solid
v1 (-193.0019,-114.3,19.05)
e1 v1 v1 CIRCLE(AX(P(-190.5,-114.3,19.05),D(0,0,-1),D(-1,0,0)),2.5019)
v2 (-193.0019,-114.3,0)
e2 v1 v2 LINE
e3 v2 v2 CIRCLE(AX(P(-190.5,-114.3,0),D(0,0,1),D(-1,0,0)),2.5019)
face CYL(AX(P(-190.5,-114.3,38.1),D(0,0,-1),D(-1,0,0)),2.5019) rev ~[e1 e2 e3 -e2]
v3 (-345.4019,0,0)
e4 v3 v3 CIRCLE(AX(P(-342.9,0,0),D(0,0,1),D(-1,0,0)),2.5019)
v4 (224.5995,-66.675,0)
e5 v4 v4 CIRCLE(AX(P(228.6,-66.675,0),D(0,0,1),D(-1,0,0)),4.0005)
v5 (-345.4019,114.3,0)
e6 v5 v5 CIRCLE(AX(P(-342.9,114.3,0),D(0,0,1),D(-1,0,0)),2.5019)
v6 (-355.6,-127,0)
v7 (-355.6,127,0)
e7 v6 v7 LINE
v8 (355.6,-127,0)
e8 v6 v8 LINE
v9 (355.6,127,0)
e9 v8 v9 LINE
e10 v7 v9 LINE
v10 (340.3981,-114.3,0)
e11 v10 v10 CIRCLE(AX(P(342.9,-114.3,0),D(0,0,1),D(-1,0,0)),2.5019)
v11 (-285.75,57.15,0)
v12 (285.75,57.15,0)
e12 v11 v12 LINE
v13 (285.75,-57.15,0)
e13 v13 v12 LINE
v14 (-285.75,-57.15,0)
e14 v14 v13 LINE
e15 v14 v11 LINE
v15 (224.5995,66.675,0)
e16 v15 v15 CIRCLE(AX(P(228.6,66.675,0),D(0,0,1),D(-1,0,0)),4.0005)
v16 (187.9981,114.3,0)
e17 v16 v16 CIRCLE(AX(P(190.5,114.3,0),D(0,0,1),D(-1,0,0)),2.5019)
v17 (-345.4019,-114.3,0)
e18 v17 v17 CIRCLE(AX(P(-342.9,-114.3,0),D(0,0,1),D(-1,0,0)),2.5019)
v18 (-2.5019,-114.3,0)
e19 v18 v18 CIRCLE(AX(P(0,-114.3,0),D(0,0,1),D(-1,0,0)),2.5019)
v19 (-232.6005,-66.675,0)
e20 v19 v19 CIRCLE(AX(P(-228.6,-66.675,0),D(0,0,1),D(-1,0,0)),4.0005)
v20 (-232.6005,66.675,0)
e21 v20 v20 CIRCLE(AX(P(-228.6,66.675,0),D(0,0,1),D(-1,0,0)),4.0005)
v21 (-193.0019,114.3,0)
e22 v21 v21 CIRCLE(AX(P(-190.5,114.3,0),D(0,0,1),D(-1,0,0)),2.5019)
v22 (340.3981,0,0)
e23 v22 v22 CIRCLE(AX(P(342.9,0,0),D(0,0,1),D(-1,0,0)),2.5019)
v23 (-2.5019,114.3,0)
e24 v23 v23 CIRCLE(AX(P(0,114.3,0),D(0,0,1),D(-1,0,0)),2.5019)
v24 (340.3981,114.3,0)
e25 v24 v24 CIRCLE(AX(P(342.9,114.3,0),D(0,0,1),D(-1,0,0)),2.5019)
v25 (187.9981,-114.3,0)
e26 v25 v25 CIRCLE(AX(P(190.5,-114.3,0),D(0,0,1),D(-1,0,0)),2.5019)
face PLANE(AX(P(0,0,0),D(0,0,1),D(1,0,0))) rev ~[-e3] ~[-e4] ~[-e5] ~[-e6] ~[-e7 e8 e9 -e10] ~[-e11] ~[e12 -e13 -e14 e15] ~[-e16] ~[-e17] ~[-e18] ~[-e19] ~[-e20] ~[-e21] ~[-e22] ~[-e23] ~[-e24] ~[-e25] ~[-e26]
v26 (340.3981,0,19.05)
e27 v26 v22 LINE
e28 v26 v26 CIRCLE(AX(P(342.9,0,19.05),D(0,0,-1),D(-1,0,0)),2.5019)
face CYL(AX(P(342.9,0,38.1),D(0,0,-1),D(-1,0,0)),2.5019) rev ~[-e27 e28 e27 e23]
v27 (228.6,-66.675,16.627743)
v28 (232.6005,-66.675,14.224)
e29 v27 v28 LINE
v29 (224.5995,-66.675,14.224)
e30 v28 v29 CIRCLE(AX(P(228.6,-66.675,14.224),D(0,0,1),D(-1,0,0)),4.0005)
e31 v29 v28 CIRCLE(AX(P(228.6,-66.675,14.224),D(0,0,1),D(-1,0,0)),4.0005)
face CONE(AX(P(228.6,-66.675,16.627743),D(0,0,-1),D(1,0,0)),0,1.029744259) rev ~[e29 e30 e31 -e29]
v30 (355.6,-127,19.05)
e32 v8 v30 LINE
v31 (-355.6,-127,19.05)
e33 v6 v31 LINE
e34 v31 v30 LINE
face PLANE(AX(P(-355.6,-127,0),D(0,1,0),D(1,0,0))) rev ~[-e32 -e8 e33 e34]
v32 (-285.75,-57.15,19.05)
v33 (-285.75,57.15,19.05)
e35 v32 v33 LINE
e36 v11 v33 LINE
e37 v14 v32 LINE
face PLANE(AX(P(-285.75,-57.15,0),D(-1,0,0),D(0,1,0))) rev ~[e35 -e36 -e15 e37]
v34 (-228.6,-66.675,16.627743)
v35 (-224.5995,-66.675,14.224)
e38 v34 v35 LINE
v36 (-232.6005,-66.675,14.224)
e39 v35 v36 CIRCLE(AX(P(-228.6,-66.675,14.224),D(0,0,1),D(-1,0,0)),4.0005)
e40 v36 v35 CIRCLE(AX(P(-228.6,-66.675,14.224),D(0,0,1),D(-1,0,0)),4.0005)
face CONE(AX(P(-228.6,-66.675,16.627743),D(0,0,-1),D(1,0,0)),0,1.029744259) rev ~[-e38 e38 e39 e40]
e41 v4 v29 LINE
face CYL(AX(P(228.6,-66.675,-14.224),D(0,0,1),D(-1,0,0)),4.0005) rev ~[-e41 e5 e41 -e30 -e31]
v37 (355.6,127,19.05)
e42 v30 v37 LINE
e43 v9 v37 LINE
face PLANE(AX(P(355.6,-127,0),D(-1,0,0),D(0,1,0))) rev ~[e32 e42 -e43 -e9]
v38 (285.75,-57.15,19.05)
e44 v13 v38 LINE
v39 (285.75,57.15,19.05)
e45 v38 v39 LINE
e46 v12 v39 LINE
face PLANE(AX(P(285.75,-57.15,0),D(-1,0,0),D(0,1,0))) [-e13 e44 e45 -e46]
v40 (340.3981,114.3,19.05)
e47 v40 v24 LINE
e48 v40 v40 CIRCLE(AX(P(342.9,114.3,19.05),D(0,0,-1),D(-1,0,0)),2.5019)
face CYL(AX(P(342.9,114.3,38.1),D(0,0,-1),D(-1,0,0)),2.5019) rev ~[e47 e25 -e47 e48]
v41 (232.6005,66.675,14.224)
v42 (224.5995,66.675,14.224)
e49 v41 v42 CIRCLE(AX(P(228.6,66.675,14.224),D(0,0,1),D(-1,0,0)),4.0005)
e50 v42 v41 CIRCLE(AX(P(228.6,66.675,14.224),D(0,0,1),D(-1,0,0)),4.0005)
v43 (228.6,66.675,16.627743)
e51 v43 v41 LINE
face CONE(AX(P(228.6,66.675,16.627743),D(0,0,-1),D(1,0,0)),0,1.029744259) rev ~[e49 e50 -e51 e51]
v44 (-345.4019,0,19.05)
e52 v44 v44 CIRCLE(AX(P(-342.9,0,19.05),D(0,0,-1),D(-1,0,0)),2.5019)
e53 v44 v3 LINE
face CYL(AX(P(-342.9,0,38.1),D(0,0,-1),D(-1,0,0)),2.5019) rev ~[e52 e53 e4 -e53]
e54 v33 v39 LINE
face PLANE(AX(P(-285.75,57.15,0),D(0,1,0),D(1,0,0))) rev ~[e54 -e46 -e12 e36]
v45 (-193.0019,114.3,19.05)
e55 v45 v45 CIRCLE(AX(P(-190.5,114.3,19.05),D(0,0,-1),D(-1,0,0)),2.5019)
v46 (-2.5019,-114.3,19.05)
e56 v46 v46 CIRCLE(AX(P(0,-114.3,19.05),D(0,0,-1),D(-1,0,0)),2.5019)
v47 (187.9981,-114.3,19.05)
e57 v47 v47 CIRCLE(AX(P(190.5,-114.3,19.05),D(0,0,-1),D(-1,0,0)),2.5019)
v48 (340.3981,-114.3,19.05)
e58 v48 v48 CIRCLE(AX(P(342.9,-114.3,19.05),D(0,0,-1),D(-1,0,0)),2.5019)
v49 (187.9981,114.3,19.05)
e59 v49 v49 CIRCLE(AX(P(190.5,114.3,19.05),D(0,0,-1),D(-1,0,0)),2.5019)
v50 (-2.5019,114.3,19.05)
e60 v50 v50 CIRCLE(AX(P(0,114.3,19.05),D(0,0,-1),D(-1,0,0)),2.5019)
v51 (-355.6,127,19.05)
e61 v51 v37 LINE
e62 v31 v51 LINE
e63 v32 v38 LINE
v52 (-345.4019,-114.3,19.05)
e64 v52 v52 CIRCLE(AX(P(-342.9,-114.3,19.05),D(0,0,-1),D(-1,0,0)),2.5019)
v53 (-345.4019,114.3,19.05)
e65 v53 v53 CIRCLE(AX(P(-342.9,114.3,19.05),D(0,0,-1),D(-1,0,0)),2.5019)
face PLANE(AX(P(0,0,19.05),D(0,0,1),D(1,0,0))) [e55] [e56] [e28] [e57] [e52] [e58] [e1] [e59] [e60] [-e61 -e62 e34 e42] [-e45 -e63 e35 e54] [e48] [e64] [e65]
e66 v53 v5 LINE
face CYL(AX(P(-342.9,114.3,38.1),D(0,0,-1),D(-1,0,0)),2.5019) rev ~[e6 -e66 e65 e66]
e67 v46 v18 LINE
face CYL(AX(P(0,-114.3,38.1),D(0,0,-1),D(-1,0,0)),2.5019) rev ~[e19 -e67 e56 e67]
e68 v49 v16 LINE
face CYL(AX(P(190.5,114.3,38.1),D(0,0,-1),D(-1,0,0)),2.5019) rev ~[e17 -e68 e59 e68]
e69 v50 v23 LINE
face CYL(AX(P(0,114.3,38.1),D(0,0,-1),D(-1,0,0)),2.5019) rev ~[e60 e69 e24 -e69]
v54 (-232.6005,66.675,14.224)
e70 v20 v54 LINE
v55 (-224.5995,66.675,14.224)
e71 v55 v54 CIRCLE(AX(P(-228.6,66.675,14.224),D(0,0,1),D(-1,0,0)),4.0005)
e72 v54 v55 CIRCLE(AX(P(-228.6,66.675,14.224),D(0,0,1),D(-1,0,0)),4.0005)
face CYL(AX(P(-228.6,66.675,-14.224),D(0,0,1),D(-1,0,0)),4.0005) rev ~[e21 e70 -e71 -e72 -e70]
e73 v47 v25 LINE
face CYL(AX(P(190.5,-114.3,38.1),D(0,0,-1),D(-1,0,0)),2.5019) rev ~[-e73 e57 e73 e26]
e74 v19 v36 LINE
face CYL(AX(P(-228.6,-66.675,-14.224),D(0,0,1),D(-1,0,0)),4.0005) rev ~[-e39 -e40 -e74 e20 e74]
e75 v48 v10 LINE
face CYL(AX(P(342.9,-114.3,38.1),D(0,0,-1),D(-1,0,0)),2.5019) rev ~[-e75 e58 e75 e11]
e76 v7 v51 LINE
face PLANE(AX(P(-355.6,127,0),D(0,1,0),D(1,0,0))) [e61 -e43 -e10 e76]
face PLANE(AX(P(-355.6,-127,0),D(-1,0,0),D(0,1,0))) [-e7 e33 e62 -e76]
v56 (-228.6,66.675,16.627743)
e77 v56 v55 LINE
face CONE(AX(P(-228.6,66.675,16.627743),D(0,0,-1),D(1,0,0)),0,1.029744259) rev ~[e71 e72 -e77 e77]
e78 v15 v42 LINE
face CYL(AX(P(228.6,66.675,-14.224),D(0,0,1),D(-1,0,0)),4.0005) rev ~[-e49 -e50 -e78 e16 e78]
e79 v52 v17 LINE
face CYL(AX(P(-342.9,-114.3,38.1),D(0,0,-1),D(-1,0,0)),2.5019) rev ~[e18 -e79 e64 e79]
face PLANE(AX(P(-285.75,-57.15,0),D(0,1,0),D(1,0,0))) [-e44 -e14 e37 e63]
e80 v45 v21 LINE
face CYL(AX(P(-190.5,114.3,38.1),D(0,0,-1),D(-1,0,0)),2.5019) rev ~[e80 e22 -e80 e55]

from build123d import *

# Parameters (mm, degrees)
F0_W     = 711.2
F0_H     = 254
F0_W_2   = 571.5
F0_H_2   = 114.3
F1_DEPTH = 19.05
F3_D     = 5.0038
F3_DEPTH = 19.05
F3_TIP   = 1.5032931827
F5_D     = 8.001
F5_DEPTH = 14.224
F5_TIP   = 2.4037429064


with BuildPart() as f1:
    # F0 (on Top) → F1 (new body)
    with BuildSketch(Plane.XY):
        Rectangle(F0_W, F0_H)
        Rectangle(F0_W_2, F0_H_2, mode=Mode.SUBTRACT)
    extrude(amount=F1_DEPTH)

    # F3
    with Locations(Plane.XY.offset(19.05)):
        with Locations((-342.9, 114.3), (-342.9, 0), (-190.5, 114.3), (190.5, 114.3), (342.9, 114.3), (342.9, 0), (342.9, -114.3), (190.5, -114.3), (-190.5, -114.3), (-342.9, -114.3), (0, 114.3), (0, -114.3)):
            Hole(F3_D / 2, depth=F3_DEPTH)
            with Locations((0, 0, -(F3_DEPTH + F3_TIP / 2))):  # 118° drill point
                Cone(0, F3_D / 2, F3_TIP, mode=Mode.SUBTRACT)

    # F5
    with Locations(Plane(origin=(0, 0, 0), x_dir=(1, 0, 0), z_dir=(0, 0, -1))):
        with Locations((-228.6, 66.675), (-228.6, -66.675), (228.6, 66.675), (228.6, -66.675)):
            Hole(F5_D / 2, depth=F5_DEPTH)
            with Locations((0, 0, -(F5_DEPTH + F5_TIP / 2))):  # 118° drill point
                Cone(0, F5_D / 2, F5_TIP, mode=Mode.SUBTRACT)


solid = f1.part
